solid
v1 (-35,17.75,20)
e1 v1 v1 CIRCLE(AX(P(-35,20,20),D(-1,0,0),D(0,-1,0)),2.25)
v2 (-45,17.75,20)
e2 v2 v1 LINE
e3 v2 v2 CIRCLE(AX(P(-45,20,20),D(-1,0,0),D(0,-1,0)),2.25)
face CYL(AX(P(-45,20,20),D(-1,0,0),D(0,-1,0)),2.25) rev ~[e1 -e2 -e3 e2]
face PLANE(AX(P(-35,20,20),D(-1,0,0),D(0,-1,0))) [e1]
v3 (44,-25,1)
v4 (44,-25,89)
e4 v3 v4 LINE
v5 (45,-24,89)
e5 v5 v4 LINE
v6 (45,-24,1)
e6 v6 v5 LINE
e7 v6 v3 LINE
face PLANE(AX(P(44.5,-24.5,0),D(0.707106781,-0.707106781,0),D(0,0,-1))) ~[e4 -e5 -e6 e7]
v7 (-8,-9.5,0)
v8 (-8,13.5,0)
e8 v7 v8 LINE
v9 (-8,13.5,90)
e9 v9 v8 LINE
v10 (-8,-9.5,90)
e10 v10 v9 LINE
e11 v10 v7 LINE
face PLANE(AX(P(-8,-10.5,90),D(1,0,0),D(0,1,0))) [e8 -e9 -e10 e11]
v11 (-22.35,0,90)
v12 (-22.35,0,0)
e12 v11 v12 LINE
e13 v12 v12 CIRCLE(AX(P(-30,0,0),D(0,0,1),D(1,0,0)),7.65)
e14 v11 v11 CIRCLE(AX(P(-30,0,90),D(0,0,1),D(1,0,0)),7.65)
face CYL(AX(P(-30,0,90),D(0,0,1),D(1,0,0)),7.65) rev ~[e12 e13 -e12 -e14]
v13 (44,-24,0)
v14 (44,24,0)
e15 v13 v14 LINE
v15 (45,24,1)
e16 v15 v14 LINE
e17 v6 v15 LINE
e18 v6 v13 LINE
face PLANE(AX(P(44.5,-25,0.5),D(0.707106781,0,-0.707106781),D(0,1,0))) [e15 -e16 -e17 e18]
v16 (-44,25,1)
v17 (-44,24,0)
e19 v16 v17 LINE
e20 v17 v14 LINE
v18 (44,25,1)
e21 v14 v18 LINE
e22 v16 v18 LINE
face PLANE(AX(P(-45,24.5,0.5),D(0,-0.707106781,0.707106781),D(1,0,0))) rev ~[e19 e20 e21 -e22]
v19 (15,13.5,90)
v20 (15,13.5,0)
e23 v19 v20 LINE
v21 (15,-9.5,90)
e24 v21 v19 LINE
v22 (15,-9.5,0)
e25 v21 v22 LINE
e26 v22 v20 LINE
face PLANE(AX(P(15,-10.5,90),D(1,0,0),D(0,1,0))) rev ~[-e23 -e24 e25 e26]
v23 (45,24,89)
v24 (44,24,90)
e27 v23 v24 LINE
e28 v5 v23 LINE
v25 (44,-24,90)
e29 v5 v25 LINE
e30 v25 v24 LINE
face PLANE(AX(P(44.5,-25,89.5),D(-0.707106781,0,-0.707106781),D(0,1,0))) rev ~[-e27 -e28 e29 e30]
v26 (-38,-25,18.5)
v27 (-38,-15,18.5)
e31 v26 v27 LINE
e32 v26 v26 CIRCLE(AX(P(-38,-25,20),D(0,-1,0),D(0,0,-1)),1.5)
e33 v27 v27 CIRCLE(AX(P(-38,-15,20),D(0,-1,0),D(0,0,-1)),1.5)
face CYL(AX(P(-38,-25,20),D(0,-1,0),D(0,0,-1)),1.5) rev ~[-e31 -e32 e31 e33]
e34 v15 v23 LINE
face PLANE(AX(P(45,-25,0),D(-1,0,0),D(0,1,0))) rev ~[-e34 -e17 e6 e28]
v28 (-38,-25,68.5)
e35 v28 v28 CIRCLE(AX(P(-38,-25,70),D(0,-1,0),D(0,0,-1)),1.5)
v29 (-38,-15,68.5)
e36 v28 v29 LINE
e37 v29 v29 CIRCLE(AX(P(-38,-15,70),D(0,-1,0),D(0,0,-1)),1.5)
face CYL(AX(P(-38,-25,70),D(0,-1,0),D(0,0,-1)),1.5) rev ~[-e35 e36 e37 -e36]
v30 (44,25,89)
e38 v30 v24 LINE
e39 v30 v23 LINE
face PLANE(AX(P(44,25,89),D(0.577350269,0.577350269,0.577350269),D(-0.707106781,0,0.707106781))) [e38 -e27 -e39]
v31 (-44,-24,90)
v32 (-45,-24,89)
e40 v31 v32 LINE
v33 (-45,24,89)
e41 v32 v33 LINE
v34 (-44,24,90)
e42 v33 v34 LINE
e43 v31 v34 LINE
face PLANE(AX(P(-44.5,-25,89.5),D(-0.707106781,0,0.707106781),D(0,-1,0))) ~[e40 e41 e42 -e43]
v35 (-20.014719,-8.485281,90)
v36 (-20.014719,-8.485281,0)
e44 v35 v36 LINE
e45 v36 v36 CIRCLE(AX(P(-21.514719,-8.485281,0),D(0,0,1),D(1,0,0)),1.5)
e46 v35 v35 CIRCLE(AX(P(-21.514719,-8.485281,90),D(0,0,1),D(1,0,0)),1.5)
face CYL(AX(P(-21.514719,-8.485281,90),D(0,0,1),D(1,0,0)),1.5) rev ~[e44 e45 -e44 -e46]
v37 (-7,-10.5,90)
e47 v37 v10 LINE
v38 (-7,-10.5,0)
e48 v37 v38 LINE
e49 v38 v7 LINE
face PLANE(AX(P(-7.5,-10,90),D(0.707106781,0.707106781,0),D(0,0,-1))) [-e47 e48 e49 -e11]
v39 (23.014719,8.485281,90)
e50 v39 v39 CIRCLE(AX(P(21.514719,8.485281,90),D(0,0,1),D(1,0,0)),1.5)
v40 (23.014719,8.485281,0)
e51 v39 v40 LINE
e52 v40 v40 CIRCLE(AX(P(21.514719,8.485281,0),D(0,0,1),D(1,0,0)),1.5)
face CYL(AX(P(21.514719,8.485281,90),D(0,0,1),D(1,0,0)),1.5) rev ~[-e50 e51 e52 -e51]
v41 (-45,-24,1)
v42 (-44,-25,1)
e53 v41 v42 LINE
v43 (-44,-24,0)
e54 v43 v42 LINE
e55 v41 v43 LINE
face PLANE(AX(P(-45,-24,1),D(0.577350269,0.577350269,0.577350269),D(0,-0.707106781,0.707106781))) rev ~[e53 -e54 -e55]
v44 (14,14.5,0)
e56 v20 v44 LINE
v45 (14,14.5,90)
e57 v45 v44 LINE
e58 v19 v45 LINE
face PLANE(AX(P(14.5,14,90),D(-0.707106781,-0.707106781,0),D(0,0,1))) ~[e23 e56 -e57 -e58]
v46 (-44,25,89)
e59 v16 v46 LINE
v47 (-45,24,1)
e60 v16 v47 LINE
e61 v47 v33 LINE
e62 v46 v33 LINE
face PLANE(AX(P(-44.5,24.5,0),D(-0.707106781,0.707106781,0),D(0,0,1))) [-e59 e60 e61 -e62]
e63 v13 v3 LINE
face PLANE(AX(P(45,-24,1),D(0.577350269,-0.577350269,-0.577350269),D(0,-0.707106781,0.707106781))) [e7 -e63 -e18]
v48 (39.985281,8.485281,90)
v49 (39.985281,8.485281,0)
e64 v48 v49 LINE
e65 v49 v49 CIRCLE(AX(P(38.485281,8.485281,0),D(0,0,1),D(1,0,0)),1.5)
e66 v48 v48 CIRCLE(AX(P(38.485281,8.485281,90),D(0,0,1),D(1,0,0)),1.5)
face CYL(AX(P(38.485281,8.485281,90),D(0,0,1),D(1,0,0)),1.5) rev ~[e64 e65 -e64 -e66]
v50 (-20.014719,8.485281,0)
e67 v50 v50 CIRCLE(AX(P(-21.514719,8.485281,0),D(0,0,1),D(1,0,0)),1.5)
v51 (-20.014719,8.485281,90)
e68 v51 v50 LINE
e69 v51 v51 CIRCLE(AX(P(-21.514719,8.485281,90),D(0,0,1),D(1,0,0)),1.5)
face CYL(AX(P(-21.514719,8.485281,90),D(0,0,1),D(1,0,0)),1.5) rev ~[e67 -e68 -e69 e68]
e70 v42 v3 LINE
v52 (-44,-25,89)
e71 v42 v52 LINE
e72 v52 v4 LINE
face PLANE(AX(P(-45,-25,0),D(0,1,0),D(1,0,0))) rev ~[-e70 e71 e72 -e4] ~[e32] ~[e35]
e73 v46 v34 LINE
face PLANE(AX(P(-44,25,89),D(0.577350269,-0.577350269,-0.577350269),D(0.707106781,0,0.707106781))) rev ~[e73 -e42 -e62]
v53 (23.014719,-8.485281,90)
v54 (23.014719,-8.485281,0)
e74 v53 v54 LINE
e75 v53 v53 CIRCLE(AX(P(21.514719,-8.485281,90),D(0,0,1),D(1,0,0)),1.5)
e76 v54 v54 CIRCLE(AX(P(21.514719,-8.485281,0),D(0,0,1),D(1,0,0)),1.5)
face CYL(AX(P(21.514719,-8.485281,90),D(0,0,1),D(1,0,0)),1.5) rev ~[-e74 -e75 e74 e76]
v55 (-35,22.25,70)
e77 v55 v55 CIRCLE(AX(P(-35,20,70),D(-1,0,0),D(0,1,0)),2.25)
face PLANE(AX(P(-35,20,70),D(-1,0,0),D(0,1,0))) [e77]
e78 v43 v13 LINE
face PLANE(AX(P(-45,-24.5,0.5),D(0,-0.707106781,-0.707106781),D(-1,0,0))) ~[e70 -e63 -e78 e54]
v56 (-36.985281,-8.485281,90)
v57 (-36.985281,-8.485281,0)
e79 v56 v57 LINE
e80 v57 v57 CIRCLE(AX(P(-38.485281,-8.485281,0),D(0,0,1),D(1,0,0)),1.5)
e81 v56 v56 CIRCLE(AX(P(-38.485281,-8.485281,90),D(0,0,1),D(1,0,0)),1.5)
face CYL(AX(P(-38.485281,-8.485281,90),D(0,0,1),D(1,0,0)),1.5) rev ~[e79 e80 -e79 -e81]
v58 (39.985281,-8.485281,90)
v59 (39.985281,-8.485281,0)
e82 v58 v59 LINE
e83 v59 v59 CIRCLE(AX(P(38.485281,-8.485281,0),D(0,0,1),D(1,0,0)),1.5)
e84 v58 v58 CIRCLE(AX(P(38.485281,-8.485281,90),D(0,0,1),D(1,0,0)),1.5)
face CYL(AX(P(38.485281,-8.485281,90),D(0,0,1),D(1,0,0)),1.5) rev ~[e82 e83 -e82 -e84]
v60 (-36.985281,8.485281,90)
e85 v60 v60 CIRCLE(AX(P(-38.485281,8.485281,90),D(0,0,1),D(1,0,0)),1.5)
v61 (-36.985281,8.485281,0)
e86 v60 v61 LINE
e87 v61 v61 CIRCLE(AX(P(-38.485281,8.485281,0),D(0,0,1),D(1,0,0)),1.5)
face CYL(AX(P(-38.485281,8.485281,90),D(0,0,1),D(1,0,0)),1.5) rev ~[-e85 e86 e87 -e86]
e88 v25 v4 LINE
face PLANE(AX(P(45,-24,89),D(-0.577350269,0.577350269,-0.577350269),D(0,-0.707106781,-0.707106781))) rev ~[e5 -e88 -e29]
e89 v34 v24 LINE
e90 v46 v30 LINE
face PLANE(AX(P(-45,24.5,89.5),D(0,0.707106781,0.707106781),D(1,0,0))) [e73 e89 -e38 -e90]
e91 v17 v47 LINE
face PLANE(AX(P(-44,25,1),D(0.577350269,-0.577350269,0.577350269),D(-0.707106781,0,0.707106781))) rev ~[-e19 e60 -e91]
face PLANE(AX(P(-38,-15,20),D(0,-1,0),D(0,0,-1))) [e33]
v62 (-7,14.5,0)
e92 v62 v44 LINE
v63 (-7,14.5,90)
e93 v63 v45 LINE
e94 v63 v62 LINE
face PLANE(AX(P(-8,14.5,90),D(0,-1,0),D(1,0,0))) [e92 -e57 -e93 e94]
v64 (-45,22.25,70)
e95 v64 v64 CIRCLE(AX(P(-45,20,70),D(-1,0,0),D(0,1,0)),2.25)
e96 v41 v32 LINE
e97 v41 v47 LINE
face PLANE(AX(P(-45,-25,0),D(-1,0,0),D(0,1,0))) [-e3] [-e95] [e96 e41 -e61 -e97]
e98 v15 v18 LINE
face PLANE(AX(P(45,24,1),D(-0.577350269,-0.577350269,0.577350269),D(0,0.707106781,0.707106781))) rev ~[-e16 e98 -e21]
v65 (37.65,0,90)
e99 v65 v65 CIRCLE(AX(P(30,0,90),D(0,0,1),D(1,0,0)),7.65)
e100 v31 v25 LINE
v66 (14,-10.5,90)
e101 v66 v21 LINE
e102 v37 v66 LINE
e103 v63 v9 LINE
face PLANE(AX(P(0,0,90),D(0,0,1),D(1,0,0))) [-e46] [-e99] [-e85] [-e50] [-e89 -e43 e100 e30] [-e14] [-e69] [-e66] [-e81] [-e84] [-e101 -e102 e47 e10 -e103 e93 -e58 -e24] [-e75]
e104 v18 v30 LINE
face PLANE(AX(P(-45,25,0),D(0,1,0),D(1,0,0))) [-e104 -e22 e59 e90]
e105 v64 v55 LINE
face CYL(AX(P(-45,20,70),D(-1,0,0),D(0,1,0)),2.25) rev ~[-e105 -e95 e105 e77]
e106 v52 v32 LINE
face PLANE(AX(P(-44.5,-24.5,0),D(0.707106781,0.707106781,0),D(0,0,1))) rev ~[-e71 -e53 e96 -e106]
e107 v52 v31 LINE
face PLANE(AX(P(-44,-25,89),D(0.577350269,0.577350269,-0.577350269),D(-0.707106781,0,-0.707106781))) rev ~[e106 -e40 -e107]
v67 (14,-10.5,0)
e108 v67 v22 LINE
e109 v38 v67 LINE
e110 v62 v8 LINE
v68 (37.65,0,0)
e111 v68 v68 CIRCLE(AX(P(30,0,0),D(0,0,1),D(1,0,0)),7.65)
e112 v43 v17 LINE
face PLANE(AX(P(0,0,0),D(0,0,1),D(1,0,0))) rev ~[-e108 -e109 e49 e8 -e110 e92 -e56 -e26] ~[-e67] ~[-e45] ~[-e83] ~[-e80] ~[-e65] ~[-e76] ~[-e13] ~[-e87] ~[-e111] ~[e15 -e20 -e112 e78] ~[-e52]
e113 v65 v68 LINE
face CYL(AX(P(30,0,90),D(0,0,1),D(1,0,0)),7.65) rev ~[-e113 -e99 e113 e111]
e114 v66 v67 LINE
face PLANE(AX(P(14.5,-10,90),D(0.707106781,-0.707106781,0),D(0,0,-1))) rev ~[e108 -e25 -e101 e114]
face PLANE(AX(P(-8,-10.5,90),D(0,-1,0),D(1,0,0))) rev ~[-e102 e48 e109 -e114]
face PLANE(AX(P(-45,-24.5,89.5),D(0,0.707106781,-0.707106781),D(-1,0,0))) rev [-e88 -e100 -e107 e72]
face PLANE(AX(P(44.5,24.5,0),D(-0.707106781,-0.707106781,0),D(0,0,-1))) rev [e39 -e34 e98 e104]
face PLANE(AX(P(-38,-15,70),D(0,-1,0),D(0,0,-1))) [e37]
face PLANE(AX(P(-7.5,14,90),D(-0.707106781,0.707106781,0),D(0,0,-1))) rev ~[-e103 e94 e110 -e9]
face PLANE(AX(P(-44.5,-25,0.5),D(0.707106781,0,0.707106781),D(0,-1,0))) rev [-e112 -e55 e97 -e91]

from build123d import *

# Parameters (mm, degrees)
SKETCH1_W           = 90
SKETCH1_H           = 50
BOSS_EXTRUDE1_DEPTH = 90
SKETCH2_R           = 7.65
CUT_EXTRUDE1_DEPTH  = 104.682206767
SKETCH3_R           = 2.25
CUT_EXTRUDE2_DEPTH  = 10
SKETCH4_R           = 1.5
CUT_EXTRUDE3_DEPTH  = 10
SKETCH5_R           = 1.5
CUT_EXTRUDE4_DEPTH  = 104.682206767
CHAMFER1_SIZE       = 1
SKETCH6_W           = 23
SKETCH6_H           = 25
CUT_EXTRUDE5_DEPTH  = 104.682206767
CHAMFER2_SIZE       = 1


with BuildPart() as part:
    # Sketch1 → Boss-Extrude1 (new body)
    with BuildSketch(Plane.XY):
        Rectangle(SKETCH1_W, SKETCH1_H)
    extrude(amount=BOSS_EXTRUDE1_DEPTH)

    # Sketch2 → Cut-Extrude1 (cut, through all)
    with BuildSketch(Plane.XY.offset(90)):
        with Locations((-30, 0)):
            Circle(SKETCH2_R)
        with Locations((30, 0)):
            Circle(SKETCH2_R)
    extrude(amount=-CUT_EXTRUDE1_DEPTH, mode=Mode.SUBTRACT)

    # Sketch3 → Cut-Extrude2 (cut)
    with BuildSketch(Plane.ZY.offset(45)):
        with Locations(Location((20, 20, 0), (0, 0, 270))):
            Circle(SKETCH3_R)
        with Locations(Location((70, 20, 0), (0, 0, 90))):
            Circle(SKETCH3_R)
    extrude(amount=-CUT_EXTRUDE2_DEPTH, mode=Mode.SUBTRACT)

    # Sketch4 → Cut-Extrude3 (cut)
    with BuildSketch(Plane.XZ.offset(25)):
        with Locations(Location((-38, 70, 0), (0, 0, 270))):
            Circle(SKETCH4_R)
        with Locations(Location((-38, 20, 0), (0, 0, 270))):
            Circle(SKETCH4_R)
    extrude(amount=-CUT_EXTRUDE3_DEPTH, mode=Mode.SUBTRACT)

    # Sketch5 → Cut-Extrude4 (cut, through all)
    with BuildSketch(Plane.XY.offset(90)):
        with Locations((-38.485281374, 8.485281374)):
            Circle(SKETCH5_R)
        with Locations((-21.514718626, 8.485281374)):
            Circle(SKETCH5_R)
        with Locations((-21.514718626, -8.485281374)):
            Circle(SKETCH5_R)
        with Locations((-38.485281374, -8.485281374)):
            Circle(SKETCH5_R)
        with Locations((38.485281374, -8.485281374)):
            Circle(SKETCH5_R)
        with Locations((21.514718626, -8.485281374)):
            Circle(SKETCH5_R)
        with Locations((21.514718626, 8.485281374)):
            Circle(SKETCH5_R)
        with Locations((38.485281374, 8.485281374)):
            Circle(SKETCH5_R)
    extrude(amount=-CUT_EXTRUDE4_DEPTH, mode=Mode.SUBTRACT)

    # Chamfer1
    chamfer1_edges = [part.edges().sort_by_distance(p)[0] for p in [
        (-45, 0, 90),
        (0, -25, 90),
        (45, 0, 90),
        (0, -25, 0),
        (-45, 0, 0),
        (0, 25, 0),
        (45, 0, 0),
        (45, -25, 45),
        (-45, -25, 45),
        (-45, 25, 45),
        (45, 25, 45),
        (0, 25, 90),
    ]]
    chamfer(chamfer1_edges, length=CHAMFER1_SIZE)

    # Sketch6 → Cut-Extrude5 (cut, through all)
    with BuildSketch(Plane.XY.offset(90)):
        with Locations((3.5, 2)):
            Rectangle(SKETCH6_W, SKETCH6_H)
    extrude(amount=-CUT_EXTRUDE5_DEPTH, mode=Mode.SUBTRACT)

    # Chamfer2
    chamfer2_edges = [part.edges().sort_by_distance(p)[0] for p in [
        (15, 14.5, 45),
        (15, -10.5, 45),
        (-8, -10.5, 45),
        (-8, 14.5, 45),
    ]]
    chamfer(chamfer2_edges, length=CHAMFER2_SIZE)


solid = part.part
